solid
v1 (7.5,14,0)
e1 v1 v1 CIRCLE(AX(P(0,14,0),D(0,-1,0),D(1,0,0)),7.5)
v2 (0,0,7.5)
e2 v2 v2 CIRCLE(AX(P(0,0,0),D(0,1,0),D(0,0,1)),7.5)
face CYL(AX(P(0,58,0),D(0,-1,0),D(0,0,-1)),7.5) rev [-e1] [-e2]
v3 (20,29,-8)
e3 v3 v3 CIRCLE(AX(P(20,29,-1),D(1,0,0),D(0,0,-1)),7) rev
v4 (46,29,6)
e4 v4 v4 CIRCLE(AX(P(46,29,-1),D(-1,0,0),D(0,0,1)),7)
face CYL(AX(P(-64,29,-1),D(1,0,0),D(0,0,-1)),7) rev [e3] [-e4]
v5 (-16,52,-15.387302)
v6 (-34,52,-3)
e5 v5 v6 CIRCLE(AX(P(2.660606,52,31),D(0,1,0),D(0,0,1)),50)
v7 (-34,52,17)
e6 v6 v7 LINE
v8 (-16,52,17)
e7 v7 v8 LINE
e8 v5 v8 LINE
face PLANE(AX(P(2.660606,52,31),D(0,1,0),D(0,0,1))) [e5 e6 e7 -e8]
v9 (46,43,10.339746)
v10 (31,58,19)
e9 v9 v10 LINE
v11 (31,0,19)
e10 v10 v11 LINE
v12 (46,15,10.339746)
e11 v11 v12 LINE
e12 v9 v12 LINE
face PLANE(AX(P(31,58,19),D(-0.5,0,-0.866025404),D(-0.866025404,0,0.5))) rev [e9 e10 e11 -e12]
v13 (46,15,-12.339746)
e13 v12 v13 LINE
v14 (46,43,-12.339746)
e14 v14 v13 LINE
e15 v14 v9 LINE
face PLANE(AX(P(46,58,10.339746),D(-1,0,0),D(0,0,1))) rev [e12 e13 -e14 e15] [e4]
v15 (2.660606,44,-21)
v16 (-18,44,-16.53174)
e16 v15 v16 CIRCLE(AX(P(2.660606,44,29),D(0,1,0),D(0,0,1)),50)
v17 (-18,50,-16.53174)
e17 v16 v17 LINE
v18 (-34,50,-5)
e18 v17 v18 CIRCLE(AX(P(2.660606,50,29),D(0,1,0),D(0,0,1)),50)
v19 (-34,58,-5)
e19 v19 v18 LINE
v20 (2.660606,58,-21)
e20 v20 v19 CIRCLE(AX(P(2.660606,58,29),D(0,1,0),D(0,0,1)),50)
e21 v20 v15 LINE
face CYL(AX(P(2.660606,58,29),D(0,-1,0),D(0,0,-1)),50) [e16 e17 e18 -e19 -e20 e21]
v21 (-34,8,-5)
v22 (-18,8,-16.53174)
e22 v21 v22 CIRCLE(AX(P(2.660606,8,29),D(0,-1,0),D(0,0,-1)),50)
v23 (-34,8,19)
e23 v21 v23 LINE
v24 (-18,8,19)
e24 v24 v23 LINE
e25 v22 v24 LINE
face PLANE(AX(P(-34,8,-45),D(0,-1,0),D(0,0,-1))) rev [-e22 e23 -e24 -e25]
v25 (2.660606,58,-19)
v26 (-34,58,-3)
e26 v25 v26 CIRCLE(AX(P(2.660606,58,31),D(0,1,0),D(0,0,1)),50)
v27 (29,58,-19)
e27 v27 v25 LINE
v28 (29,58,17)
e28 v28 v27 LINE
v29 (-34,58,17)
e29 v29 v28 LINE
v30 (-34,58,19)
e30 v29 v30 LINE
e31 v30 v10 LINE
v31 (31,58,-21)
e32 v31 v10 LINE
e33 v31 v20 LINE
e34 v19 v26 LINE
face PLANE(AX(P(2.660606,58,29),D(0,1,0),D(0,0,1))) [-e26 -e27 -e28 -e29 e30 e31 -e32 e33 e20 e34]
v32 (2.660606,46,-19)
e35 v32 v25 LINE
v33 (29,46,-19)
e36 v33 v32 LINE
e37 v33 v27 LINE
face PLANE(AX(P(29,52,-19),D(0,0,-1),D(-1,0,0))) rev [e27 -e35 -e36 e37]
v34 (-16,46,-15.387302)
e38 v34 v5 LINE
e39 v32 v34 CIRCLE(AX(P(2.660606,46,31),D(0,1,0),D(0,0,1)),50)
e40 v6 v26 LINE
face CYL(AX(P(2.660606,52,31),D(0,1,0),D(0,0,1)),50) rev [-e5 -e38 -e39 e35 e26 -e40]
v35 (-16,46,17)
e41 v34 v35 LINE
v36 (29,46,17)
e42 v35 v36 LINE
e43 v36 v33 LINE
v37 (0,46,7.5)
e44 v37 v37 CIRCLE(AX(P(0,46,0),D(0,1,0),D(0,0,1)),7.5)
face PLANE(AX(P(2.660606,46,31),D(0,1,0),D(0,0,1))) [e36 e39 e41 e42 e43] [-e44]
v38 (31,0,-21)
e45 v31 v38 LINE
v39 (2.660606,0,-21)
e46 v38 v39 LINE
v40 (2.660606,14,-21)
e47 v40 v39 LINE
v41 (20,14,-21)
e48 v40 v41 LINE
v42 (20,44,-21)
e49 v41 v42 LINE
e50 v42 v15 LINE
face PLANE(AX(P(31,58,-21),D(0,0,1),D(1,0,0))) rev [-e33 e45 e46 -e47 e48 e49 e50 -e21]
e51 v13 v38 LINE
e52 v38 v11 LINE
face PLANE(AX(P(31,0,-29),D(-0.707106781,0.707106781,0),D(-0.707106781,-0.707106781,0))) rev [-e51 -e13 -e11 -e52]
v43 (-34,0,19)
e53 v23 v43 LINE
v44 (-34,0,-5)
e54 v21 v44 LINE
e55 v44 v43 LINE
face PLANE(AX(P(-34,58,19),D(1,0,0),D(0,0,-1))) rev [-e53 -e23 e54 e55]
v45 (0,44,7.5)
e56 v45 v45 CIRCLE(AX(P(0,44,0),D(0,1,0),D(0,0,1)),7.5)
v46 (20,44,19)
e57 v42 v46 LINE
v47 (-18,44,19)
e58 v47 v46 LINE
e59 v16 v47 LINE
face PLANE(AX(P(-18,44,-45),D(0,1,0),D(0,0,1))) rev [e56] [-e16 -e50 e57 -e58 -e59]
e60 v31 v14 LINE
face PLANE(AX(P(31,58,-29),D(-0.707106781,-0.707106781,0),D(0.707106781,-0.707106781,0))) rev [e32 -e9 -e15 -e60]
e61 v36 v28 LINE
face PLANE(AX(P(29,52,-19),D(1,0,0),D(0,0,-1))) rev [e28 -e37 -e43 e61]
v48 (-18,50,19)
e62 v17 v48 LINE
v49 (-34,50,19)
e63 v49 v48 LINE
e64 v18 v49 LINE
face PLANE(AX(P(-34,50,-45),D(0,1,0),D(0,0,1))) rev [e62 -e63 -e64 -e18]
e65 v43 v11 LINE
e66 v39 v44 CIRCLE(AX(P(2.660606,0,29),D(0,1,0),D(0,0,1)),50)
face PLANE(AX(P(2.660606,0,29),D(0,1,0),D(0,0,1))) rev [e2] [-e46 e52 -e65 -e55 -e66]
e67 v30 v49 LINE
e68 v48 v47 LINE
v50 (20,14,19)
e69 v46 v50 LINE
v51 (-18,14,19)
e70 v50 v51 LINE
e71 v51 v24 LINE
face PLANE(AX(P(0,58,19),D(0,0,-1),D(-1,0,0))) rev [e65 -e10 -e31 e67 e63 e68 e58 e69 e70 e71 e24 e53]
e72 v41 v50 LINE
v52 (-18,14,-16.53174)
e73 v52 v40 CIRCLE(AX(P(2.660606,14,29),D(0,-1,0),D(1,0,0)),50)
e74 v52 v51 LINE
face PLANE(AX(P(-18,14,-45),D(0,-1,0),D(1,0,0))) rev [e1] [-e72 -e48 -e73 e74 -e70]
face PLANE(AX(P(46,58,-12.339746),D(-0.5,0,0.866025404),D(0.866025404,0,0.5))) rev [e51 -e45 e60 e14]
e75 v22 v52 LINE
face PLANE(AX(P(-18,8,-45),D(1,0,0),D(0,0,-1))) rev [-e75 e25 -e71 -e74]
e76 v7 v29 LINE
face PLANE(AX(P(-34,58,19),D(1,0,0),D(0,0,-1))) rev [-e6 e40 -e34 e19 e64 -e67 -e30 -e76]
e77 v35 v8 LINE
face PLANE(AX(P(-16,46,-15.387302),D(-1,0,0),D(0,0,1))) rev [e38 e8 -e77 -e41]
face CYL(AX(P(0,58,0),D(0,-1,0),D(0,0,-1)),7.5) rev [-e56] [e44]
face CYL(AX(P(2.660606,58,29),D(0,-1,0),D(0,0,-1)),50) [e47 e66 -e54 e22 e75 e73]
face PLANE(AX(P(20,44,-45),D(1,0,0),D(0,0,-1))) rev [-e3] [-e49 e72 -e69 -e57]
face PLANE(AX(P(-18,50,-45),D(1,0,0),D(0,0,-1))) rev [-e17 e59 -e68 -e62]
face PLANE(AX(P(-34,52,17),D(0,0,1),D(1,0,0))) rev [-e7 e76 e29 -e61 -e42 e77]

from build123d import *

# Parameters (mm, degrees)
SKETCH1_R           = 7.5
BOSS_EXTRUDE2_DEPTH = 58
CUT_EXTRUDE1_DEPTH  = 29
SKETCH6_R           = 7
CUT_EXTRUDE2_DEPTH  = 64
CUT_EXTRUDE3_DEPTH  = 64
CUT_EXTRUDE7_DEPTH  = 6
CUT_EXTRUDE8_DEPTH  = 6


with BuildPart() as part:
    # Sketch1 → Boss-Extrude2 (new body)
    with BuildSketch(Plane(origin=(0, 0, 0), x_dir=(1, 0, 0), z_dir=(0, 1, 0))):
        with BuildLine():
            Line((0, -19), (31, -19))
            Line((31, -19), (46, -10.339745962))
            Line((46, -10.339745962), (46, 12.339745962))
            Line((46, 12.339745962), (31, 21))
            Line((31, 21), (2.66060556, 21))
            ThreePointArc((2.66060556, 21), (-17.33939444, 16.82575695), (-34, 5))
            Line((-34, 5), (-34, -19))
            Line((-34, -19), (0, -19))
        make_face()
        Circle(SKETCH1_R, mode=Mode.SUBTRACT)
    extrude(amount=BOSS_EXTRUDE2_DEPTH)

    # Sketch4 → Cut-Extrude1 (cut, symmetric)
    with BuildSketch(Plane.XY):
        Polygon((31, 0), (46, 15), (46, 0), align=None)
        Polygon((31, 58), (46, 43), (46, 58), align=None)
    extrude(amount=CUT_EXTRUDE1_DEPTH, both=True, mode=Mode.SUBTRACT)

    # Sketch6 → Cut-Extrude2 (cut, symmetric)
    with BuildSketch(Plane(origin=(0, 0, 0), x_dir=(0, 0, -1), z_dir=(1, 0, 0))):
        with Locations((1, 29)):
            Circle(SKETCH6_R)
    extrude(amount=CUT_EXTRUDE2_DEPTH, both=True, mode=Mode.SUBTRACT)

    # Sketch7 → Cut-Extrude3 (cut, symmetric)
    with BuildSketch(Plane.XY.offset(19)):
        Polygon((-34, 50), (-18, 50), (-18, 44), (20, 44), (20, 14), (-18, 14), (-18, 8), (-34, 8), align=None)
    extrude(amount=CUT_EXTRUDE3_DEPTH, both=True, mode=Mode.SUBTRACT)

    # Sketch8 → Cut-Extrude7 (cut)
    with BuildSketch(Plane(origin=(0, 58, 0), x_dir=(1, 0, 0), z_dir=(0, 1, 0))):
        with BuildLine():
            Line((29, 19), (2.66060556, 19))
            ThreePointArc((2.66060556, 19), (-17.33939444, 14.82575695), (-34, 3))
            Line((-34, 3), (-34, -17))
            Line((-34, -17), (29, -17))
            Line((29, -17), (29, 19))
        make_face()
    extrude(amount=-CUT_EXTRUDE7_DEPTH, mode=Mode.SUBTRACT)

    # Sketch11 → Cut-Extrude8 (cut)
    with BuildSketch(Plane(origin=(0, 52, 0), x_dir=(1, 0, 0), z_dir=(0, 1, 0))):
        with BuildLine():
            Line((-16, -17), (29, -17))
            Line((29, -17), (29, 19))
            Line((29, 19), (2.66060556, 19))
            ThreePointArc((2.66060556, 19), (-6.842943589, 18.088517533), (-16, 15.387302143))
            Line((-16, 15.387302143), (-16, -17))
        make_face()
    extrude(amount=-CUT_EXTRUDE8_DEPTH, mode=Mode.SUBTRACT)


solid = part.part
